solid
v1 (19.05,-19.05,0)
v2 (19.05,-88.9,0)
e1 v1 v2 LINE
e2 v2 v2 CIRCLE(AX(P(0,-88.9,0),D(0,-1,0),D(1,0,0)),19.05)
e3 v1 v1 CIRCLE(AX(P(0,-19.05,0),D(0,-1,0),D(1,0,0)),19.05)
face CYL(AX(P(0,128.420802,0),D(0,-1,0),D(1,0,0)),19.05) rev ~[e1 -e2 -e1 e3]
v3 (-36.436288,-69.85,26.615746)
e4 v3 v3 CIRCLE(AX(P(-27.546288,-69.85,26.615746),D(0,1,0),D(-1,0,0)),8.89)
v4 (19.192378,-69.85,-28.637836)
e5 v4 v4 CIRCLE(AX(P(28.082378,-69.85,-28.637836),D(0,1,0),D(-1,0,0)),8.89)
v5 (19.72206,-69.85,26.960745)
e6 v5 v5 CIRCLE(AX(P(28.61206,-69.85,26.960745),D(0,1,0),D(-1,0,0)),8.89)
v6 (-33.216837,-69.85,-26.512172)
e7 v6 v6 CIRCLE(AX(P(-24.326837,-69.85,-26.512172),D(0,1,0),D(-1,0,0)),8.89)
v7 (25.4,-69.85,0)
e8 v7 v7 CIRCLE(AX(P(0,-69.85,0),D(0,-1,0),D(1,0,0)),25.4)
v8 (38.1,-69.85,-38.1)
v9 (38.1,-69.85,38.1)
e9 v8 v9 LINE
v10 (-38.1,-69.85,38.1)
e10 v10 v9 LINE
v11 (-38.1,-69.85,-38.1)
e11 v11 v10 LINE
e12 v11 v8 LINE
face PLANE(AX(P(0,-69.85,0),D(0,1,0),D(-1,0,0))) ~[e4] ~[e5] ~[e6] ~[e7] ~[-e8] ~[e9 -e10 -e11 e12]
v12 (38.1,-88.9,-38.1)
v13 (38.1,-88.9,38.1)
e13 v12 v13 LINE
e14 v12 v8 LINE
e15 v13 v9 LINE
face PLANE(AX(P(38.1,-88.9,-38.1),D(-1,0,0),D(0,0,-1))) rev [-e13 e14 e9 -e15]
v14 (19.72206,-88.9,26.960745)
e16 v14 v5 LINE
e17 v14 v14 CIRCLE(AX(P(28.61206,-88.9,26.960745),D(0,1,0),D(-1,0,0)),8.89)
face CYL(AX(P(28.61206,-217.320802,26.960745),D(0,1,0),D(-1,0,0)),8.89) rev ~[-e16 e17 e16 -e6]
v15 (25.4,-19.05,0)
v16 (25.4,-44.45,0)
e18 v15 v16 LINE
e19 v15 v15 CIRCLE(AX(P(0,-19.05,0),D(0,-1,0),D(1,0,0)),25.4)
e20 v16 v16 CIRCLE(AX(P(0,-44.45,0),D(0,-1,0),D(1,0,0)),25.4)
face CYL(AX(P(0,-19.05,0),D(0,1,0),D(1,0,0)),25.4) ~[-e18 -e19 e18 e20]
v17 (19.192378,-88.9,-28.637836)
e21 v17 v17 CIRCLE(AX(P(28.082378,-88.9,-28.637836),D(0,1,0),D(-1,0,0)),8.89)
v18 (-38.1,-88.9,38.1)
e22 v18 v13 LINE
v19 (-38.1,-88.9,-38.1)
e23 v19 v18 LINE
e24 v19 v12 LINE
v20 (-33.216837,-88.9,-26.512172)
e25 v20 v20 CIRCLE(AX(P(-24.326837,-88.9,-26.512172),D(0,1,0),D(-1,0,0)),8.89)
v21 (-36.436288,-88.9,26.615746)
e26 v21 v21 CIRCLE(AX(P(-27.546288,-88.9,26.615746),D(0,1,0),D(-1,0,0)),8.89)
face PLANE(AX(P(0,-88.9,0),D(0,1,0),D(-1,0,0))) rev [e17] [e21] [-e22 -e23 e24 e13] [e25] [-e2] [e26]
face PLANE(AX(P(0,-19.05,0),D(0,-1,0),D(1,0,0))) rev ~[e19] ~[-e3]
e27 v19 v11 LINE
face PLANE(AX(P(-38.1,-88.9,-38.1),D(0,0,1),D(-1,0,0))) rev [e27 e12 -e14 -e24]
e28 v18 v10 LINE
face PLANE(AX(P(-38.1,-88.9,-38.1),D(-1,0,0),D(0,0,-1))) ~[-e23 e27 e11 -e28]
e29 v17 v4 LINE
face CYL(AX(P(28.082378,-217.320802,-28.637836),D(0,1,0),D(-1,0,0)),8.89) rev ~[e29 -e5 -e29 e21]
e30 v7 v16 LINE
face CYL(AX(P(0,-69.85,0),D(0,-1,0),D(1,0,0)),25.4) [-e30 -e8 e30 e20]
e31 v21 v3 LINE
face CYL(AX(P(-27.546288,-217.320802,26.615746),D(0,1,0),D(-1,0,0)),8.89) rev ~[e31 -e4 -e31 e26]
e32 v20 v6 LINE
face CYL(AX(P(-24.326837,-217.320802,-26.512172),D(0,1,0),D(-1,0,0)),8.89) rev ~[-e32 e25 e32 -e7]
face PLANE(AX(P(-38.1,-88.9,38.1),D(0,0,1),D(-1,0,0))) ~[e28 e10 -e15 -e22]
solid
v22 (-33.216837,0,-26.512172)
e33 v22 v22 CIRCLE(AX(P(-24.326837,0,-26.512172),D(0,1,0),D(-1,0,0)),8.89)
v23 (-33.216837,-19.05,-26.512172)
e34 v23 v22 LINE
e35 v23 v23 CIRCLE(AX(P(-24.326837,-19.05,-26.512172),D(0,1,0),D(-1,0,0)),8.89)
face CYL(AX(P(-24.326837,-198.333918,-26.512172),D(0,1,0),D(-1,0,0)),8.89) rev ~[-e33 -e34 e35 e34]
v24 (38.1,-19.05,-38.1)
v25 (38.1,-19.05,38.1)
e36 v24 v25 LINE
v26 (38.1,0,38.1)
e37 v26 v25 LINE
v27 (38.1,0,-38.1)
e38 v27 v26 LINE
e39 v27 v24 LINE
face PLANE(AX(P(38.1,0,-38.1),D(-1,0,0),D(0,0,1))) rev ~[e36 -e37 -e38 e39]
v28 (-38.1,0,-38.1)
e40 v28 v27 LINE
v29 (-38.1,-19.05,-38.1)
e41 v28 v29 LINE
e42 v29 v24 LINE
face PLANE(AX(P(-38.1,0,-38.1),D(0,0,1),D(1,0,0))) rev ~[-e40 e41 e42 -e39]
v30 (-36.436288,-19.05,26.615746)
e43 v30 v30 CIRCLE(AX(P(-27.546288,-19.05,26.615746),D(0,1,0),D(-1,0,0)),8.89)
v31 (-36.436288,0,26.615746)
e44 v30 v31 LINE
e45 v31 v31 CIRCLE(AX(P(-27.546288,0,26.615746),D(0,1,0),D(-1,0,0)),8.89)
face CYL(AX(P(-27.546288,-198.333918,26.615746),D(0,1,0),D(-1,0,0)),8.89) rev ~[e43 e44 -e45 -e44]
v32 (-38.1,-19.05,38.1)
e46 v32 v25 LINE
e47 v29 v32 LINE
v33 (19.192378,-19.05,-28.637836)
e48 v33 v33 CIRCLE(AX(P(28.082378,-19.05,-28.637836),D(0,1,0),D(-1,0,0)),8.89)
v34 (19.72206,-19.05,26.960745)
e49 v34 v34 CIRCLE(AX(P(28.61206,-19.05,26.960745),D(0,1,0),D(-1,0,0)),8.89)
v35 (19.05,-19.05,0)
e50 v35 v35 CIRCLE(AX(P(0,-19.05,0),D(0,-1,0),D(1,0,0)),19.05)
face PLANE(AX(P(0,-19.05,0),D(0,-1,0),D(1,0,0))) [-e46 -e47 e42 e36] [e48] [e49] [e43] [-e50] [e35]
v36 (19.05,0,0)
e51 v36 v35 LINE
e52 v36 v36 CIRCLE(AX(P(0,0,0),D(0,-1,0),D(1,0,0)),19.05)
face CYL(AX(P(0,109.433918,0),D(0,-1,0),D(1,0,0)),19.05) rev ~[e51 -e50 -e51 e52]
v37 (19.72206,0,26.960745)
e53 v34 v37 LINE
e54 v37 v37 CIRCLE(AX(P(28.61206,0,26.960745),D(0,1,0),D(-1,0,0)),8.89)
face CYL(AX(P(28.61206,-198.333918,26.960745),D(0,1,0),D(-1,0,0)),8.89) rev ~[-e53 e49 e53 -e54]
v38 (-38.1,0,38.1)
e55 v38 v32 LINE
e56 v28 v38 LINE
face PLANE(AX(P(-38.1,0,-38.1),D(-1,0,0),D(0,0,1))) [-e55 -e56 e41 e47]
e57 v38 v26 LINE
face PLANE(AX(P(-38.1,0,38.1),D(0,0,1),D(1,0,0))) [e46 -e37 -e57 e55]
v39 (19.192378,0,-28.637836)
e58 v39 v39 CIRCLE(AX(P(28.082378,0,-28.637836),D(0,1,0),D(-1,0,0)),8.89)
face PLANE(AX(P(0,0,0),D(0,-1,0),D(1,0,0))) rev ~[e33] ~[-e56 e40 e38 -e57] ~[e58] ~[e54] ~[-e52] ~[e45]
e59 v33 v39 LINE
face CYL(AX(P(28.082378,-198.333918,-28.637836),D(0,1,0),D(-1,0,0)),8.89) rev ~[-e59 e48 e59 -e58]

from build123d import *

# Parameters (mm, degrees)
F0_W     = 76.2
F0_H     = 76.2
F1_DEPTH = 19.05
F2_R     = 25.4
F3_DEPTH = 25.4
F6_D     = 38.1
F6_2_D   = 38.1
F8_D     = 17.78
F8_2_D   = 17.78
F10_D    = 17.78
F10_2_D  = 17.78
F12_D    = 17.78
F12_2_D  = 17.78
F14_D    = 17.78
F14_2_D  = 17.78


with BuildPart() as f1:
    # F0 (on Front) → F1 (new body)
    with BuildSketch(Plane.XZ):
        Rectangle(F0_W, F0_H)
    extrude(amount=F1_DEPTH)


with BuildPart() as f3:
    # F2 (on face) → F3 (new body)
    with BuildSketch(Plane.XZ.offset(19.05)):
        Circle(F2_R)
    extrude(amount=F3_DEPTH)



with BuildPart() as f3_1:
    add(f3.part)
    # F5: F1, F3 across face
    add(f1.part.mirror(Plane.XZ.offset(44.45)))
    add(f3.part.mirror(Plane.XZ.offset(44.45)))

    # F6#2 (through all)
    with Locations(Plane(origin=(0, 0, 0), x_dir=(-1, 0, 0), z_dir=(0, 1, 0))):
        with Locations((0, 0)):
            Hole(F6_2_D / 2)

    # F8#2 (through all)
    with Locations(Plane.XZ.offset(88.9)):
        with Locations((28.0823782086, -28.6378357559)):
            Hole(F8_2_D / 2)

    # F10#2 (through all)
    with Locations(Plane.XZ.offset(88.9)):
        with Locations((-24.3268366903, -26.5121720731)):
            Hole(F10_2_D / 2)

    # F12#2 (through all)
    with Locations(Plane.XZ.offset(88.9)):
        with Locations((28.6120604724, 26.9607454538)):
            Hole(F12_2_D / 2)

    # F14#2 (through all)
    with Locations(Plane.XZ.offset(88.9)):
        with Locations((-27.5462884456, 26.6157463193)):
            Hole(F14_2_D / 2)


with BuildPart() as f1_1:
    add(f1.part)

    # F6 (through all)
    with Locations(Plane(origin=(0, 0, 0), x_dir=(-1, 0, 0), z_dir=(0, 1, 0))):
        with Locations((0, 0)):
            Hole(F6_D / 2)

    # F8 (through all)
    with Locations(Plane.XZ.offset(88.9)):
        with Locations((28.0823782086, -28.6378357559)):
            Hole(F8_D / 2)

    # F10 (through all)
    with Locations(Plane.XZ.offset(88.9)):
        with Locations((-24.3268366903, -26.5121720731)):
            Hole(F10_D / 2)

    # F12 (through all)
    with Locations(Plane.XZ.offset(88.9)):
        with Locations((28.6120604724, 26.9607454538)):
            Hole(F12_D / 2)

    # F14 (through all)
    with Locations(Plane.XZ.offset(88.9)):
        with Locations((-27.5462884456, 26.6157463193)):
            Hole(F14_D / 2)


solid = Compound([f3_1.part, f1_1.part])
